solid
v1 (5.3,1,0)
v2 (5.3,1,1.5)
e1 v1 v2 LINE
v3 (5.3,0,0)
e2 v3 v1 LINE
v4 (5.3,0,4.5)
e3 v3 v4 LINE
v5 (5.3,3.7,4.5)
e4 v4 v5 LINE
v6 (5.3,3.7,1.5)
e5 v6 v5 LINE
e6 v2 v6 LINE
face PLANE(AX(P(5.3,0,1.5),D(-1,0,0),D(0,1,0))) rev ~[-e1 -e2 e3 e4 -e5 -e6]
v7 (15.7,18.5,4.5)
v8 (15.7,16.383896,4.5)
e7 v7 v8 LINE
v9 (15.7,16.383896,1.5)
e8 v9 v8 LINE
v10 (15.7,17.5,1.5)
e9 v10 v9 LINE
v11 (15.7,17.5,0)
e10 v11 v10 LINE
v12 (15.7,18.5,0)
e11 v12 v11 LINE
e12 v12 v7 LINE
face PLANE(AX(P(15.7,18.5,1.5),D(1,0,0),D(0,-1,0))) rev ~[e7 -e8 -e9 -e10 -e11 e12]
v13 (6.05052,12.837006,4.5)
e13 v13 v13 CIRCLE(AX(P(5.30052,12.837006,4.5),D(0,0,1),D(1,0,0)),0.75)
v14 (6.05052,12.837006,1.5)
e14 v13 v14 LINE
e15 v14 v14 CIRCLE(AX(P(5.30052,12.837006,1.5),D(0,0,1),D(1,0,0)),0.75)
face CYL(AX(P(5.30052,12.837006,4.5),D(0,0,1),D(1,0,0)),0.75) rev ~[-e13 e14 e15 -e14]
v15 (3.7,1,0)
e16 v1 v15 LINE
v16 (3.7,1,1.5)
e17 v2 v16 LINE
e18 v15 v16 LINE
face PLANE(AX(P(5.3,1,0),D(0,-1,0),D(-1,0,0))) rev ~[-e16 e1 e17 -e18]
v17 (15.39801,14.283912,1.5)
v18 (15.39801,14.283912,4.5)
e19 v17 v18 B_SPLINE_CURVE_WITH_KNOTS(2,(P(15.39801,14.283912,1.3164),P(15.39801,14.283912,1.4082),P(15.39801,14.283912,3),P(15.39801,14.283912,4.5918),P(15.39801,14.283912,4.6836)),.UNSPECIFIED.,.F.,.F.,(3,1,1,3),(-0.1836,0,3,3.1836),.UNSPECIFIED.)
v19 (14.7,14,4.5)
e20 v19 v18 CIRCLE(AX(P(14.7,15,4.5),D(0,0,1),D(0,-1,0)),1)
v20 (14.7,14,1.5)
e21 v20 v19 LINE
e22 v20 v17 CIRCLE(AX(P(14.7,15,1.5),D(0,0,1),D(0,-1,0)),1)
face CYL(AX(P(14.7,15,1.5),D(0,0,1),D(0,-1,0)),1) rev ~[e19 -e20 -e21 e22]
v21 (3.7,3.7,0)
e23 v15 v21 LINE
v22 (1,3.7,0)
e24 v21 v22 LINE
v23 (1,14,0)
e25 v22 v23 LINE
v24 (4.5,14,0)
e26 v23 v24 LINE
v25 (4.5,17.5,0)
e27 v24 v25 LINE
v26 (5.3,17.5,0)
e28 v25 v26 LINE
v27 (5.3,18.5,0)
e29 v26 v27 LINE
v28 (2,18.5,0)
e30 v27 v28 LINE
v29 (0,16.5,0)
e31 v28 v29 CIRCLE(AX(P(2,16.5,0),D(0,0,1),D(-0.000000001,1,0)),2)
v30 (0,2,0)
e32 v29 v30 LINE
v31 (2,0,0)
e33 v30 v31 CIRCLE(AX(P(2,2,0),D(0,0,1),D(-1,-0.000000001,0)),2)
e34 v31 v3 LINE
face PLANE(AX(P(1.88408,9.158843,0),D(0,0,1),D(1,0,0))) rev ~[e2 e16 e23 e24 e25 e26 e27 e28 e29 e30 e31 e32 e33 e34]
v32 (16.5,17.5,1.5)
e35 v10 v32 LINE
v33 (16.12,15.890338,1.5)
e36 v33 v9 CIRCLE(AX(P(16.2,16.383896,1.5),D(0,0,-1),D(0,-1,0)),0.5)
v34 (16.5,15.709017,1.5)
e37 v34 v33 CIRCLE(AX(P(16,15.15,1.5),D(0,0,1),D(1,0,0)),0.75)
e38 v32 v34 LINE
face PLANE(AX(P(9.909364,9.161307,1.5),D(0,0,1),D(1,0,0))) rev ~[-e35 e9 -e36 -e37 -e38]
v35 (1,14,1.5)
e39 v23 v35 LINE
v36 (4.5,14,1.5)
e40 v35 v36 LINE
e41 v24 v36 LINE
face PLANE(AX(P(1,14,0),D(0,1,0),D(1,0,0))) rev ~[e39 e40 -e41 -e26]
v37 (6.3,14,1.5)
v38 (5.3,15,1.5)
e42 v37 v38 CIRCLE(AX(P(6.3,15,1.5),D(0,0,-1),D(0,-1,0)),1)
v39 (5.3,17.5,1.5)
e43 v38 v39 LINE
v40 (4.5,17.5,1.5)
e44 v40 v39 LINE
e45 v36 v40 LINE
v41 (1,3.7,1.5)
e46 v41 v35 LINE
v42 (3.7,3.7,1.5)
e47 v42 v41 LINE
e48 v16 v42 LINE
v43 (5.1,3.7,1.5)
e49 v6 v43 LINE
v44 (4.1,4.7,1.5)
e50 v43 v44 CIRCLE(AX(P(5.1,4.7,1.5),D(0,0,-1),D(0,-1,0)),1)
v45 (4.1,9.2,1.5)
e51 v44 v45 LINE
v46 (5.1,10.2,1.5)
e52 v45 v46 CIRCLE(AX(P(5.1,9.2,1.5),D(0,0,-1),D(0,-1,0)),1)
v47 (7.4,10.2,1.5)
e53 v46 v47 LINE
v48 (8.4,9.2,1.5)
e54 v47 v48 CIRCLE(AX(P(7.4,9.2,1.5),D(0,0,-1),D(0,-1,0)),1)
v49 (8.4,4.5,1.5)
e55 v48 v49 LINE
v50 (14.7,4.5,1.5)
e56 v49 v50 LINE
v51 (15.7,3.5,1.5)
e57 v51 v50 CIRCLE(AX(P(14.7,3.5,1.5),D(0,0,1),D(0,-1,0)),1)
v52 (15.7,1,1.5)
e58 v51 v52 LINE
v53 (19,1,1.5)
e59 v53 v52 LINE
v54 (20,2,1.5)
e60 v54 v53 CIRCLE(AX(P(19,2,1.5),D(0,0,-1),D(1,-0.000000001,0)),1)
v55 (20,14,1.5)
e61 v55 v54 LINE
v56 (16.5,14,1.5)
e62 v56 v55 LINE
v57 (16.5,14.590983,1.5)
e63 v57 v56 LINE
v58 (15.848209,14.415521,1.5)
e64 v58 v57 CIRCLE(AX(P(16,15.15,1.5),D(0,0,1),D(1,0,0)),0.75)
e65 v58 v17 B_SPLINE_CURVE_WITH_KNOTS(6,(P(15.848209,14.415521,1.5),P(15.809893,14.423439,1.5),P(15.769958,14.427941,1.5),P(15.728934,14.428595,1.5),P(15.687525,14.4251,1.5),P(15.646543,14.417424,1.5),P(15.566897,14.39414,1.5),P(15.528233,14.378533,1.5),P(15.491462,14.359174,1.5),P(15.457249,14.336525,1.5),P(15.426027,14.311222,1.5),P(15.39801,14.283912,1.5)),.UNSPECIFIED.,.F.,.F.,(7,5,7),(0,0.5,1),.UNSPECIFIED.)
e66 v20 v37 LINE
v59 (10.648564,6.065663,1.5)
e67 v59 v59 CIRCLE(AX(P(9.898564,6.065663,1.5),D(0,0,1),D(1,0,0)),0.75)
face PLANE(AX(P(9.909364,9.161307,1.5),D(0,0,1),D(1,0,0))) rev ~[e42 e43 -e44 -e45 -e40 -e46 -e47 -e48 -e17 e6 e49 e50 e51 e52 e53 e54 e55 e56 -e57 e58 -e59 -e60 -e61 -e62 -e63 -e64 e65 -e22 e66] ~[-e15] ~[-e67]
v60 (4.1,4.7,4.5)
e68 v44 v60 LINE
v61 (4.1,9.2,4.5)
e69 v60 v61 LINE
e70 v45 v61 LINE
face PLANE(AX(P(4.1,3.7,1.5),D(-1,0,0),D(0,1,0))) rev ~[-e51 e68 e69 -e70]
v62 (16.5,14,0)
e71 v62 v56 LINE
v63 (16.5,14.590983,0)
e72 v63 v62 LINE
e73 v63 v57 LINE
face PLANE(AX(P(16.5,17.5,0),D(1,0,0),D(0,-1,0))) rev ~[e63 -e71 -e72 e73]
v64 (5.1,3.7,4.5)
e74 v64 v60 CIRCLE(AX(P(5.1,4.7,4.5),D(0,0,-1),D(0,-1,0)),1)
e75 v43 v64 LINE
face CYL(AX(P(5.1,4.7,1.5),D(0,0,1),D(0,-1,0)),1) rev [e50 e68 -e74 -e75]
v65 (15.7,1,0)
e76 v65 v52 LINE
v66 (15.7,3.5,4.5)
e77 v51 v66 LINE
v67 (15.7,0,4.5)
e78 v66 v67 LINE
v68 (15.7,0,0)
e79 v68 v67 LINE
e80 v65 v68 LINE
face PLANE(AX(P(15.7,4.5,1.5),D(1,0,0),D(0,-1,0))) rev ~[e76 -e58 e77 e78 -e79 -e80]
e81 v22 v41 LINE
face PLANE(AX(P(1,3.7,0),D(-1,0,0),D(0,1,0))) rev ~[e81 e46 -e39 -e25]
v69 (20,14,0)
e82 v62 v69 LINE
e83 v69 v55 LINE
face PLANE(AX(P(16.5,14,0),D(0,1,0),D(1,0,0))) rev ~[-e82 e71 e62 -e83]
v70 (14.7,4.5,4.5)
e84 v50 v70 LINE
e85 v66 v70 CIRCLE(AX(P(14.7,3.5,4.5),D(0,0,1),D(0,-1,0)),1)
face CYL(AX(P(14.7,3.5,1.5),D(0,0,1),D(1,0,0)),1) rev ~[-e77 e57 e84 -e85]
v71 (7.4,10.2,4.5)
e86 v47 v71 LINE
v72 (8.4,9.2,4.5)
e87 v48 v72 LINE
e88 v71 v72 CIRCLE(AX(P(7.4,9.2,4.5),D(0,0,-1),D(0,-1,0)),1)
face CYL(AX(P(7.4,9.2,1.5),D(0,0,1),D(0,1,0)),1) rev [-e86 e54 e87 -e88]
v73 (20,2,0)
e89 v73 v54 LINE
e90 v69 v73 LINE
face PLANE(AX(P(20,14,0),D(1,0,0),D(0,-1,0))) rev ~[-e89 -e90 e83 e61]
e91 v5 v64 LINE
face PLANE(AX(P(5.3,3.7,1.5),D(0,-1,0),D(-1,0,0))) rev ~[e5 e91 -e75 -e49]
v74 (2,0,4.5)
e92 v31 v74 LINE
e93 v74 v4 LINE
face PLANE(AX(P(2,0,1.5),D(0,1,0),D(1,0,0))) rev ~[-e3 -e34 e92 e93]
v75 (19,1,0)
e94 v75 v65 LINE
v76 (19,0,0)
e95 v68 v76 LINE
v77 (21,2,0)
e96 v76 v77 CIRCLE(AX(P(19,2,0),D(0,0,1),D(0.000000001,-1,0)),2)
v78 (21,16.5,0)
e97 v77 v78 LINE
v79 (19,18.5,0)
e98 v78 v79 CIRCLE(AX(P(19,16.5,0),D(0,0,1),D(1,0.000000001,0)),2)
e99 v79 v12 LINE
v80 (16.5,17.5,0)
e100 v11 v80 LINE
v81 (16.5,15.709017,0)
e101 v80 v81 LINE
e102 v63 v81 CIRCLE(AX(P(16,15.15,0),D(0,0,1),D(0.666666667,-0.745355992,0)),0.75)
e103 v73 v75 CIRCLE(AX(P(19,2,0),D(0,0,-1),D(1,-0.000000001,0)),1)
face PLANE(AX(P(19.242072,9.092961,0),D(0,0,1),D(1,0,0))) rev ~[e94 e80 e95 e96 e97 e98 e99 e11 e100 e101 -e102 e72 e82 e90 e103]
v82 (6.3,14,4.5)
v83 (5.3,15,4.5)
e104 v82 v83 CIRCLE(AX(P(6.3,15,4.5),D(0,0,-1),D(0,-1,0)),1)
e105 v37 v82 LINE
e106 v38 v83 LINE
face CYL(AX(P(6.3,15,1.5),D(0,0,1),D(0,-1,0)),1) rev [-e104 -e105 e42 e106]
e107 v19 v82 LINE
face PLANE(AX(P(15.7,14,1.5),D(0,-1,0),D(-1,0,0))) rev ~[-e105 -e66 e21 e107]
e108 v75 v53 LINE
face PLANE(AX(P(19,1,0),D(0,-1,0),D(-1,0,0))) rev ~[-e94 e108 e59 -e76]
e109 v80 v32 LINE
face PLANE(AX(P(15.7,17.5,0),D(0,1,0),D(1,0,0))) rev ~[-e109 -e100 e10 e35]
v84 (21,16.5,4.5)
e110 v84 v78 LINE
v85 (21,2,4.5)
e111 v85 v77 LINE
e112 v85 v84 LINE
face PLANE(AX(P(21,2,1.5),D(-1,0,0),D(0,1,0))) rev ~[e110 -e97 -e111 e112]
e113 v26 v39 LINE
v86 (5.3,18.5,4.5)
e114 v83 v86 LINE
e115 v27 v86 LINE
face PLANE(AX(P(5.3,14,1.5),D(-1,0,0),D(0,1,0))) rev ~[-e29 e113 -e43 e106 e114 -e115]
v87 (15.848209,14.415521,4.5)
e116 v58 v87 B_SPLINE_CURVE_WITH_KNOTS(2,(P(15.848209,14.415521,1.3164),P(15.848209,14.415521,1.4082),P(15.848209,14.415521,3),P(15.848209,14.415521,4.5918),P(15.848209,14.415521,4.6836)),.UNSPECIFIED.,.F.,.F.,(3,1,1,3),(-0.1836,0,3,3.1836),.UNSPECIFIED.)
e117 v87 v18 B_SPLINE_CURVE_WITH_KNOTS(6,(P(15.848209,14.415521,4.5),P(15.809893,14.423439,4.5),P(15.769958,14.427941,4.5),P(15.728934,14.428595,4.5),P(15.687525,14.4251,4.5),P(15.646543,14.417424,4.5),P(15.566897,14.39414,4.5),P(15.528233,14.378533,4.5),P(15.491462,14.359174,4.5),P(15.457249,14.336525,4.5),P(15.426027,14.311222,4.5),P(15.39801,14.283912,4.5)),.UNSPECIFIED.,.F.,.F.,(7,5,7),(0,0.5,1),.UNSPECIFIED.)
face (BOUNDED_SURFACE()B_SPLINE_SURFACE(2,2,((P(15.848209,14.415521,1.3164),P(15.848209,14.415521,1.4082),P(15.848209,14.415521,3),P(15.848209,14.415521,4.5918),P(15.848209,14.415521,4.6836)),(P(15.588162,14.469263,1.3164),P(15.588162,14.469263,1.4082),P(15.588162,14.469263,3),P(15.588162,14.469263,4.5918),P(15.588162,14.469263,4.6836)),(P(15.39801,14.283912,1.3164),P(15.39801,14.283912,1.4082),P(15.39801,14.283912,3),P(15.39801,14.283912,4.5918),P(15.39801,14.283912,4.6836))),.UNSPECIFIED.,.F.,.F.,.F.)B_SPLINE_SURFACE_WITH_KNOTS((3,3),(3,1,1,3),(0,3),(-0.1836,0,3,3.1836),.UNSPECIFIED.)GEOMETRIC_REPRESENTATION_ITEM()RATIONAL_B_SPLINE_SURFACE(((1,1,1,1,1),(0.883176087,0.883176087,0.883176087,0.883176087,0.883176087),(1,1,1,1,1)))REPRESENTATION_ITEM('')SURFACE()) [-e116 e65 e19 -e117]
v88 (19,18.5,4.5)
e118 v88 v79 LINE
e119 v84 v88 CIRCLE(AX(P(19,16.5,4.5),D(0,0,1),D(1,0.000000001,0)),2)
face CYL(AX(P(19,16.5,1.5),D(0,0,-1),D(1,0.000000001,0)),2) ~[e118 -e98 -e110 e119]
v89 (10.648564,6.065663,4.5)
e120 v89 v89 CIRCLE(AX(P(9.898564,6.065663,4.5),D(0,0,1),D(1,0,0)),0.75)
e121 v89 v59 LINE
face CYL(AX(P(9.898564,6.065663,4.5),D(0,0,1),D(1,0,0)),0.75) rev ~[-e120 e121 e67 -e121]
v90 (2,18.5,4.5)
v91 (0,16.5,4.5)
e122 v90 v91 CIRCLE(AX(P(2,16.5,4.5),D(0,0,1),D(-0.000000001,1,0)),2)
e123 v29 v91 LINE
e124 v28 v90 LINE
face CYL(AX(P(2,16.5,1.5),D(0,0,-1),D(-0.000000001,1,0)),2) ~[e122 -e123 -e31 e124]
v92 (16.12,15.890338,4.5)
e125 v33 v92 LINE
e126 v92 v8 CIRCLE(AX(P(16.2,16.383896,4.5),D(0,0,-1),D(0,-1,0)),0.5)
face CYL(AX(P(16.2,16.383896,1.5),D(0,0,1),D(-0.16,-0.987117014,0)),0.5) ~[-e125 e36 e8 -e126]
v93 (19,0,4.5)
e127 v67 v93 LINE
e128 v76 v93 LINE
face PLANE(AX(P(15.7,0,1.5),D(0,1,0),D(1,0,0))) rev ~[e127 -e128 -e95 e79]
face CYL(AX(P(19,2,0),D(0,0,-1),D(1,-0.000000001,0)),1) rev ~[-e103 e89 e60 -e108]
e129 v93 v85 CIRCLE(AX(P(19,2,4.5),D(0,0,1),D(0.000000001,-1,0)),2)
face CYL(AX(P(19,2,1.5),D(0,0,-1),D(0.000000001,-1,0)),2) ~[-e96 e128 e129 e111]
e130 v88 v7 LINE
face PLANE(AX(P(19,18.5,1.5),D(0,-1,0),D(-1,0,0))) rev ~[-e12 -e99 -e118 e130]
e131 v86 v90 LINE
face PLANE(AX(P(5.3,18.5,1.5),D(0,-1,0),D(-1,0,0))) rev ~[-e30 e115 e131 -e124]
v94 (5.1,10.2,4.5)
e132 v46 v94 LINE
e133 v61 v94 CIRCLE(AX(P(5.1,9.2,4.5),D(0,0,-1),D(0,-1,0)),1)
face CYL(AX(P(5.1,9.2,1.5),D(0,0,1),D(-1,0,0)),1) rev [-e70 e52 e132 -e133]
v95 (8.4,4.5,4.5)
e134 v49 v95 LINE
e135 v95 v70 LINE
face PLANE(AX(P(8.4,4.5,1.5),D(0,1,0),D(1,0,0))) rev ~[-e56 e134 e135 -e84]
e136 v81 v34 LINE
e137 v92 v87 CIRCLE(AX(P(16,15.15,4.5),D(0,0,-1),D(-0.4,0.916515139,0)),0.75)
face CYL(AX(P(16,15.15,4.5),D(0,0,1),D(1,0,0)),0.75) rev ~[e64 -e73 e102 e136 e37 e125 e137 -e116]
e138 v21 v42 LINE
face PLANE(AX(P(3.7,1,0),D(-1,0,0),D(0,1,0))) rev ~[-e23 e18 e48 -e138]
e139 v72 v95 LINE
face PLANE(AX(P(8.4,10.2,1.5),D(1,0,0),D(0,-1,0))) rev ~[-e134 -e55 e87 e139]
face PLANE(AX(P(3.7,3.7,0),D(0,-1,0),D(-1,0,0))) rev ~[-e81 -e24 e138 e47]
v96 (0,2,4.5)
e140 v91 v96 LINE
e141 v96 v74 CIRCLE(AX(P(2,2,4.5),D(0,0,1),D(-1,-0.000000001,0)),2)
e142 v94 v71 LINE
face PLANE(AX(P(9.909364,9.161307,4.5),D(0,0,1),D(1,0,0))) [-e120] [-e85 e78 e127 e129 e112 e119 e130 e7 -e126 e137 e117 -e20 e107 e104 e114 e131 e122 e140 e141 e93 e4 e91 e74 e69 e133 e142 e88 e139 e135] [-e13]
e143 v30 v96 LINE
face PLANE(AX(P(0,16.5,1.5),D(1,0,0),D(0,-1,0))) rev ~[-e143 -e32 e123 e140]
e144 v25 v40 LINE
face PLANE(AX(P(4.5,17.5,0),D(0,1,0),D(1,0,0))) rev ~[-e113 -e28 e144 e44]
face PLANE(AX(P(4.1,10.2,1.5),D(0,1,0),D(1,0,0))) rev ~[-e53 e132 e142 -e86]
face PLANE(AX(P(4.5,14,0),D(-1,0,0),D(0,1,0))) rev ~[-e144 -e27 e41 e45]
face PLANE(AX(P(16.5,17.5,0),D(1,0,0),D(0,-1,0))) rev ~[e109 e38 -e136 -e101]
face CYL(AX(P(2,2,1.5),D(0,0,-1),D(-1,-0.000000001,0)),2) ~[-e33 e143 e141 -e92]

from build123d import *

# Parameters (mm, degrees)
BOSS_EXTRUDE1_DEPTH   = 1.5
BOSS_EXTRUDE1_2_DEPTH = 1.5
BOSS_EXTRUDE2_DEPTH   = 3
FILLET1_R             = 1
SKETCH3_R             = 0.75
CUT_EXTRUDE2_DEPTH    = 29.346075566
FILLET2_R             = 0.5


with BuildPart() as part:
    # Sketch1 → Boss-Extrude1 (new body)
    with BuildSketch(Plane.XY):
        with BuildLine():
            Line((2, 0), (5.3, 0))
            Line((5.3, 0), (5.3, 1))
            Line((5.3, 1), (3.7, 1))
            Line((3.7, 1), (3.7, 3.7))
            Line((3.7, 3.7), (1, 3.7))
            Line((1, 3.7), (1, 14))
            Line((1, 14), (4.5, 14))
            Line((4.5, 14), (4.5, 17.5))
            Line((4.5, 17.5), (5.3, 17.5))
            Line((5.3, 17.5), (5.3, 18.5))
            Line((5.3, 18.5), (2, 18.5))
            ThreePointArc((2, 18.5), (0.585786438, 17.914213562), (0, 16.5))
            Line((0, 16.5), (0, 2))
            ThreePointArc((0, 2), (0.585786438, 0.585786438), (2, 0))
        make_face()
    extrude(amount=BOSS_EXTRUDE1_DEPTH)



with BuildPart() as body_2:
    # Sketch1 → Boss-Extrude1 2 (new body)
    with BuildSketch(Plane.XY):
        with BuildLine():
            Line((21, 2), (21, 16.5))
            ThreePointArc((21, 16.5), (20.414213562, 17.914213562), (19, 18.5))
            Line((19, 18.5), (15.7, 18.5))
            Line((15.7, 18.5), (15.7, 17.5))
            Line((15.7, 17.5), (16.5, 17.5))
            Line((16.5, 17.5), (16.5, 14))
            Line((16.5, 14), (20, 14))
            Line((20, 14), (20, 2))
            ThreePointArc((20, 2), (19.707106781, 1.292893219), (19, 1))
            Line((19, 1), (15.7, 1))
            Line((15.7, 1), (15.7, 0))
            Line((15.7, 0), (19, 0))
            ThreePointArc((19, 0), (20.414213562, 0.585786438), (21, 2))
        make_face()
    extrude(amount=BOSS_EXTRUDE1_2_DEPTH)


with BuildPart() as part_1:
    add(part.part)

    add(body_2.part)  # Boss-Extrude2 merges body 2
    # Sketch2 → Boss-Extrude2 (add)
    with BuildSketch(Plane.XY.offset(1.5)):
        with BuildLine():
            Line((19, 18.5), (15.7, 18.5))
            Line((15.7, 18.5), (15.7, 14))
            Line((15.7, 14), (5.3, 14))
            Line((5.3, 14), (5.3, 18.5))
            Line((5.3, 18.5), (2, 18.5))
            ThreePointArc((2, 18.5), (0.585786438, 17.914213562), (0, 16.5))
            Line((0, 16.5), (0, 2))
            ThreePointArc((0, 2), (0.585786438, 0.585786438), (2, 0))
            Line((2, 0), (5.3, 0))
            Line((5.3, 0), (5.3, 3.7))
            Line((5.3, 3.7), (4.1, 3.7))
            Line((4.1, 3.7), (4.1, 10.2))
            Line((4.1, 10.2), (8.4, 10.2))
            Line((8.4, 10.2), (8.4, 4.5))
            Line((8.4, 4.5), (15.7, 4.5))
            Line((15.7, 4.5), (15.7, 0))
            Line((15.7, 0), (19, 0))
            ThreePointArc((19, 0), (20.414213562, 0.585786438), (21, 2))
            Line((21, 2), (21, 16.5))
            ThreePointArc((21, 16.5), (20.414213562, 17.914213562), (19, 18.5))
        make_face()
    extrude(amount=BOSS_EXTRUDE2_DEPTH)

    # Fillet1
    fillet1_edges = [part_1.edges().sort_by_distance(p)[0] for p in [
        (15.7, 14, 3),
        (5.3, 14, 3),
        (4.1, 3.7, 3),
        (4.1, 10.2, 3),
        (8.4, 10.2, 3),
        (15.7, 4.5, 3),
    ]]
    fillet(fillet1_edges, radius=FILLET1_R)

    # Sketch3 → Cut-Extrude2 (cut, through all)
    with BuildSketch(Plane.XY.offset(4.5)):
        with Locations((9.898564471, 6.065663219)):
            Circle(SKETCH3_R)
        with Locations((5.3005196, 12.837006018)):
            Circle(SKETCH3_R)
        with Locations((16, 15.15)):
            Circle(SKETCH3_R)
    extrude(amount=-CUT_EXTRUDE2_DEPTH, mode=Mode.SUBTRACT)

    # Fillet2
    fillet2_edges = [part_1.edges().sort_by_distance(p)[0] for p in [
        (15.581422532, 14.527671386, 3),
        (15.7, 15.837386354, 3),
    ]]
    fillet(fillet2_edges, radius=FILLET2_R)


solid = part_1.part
